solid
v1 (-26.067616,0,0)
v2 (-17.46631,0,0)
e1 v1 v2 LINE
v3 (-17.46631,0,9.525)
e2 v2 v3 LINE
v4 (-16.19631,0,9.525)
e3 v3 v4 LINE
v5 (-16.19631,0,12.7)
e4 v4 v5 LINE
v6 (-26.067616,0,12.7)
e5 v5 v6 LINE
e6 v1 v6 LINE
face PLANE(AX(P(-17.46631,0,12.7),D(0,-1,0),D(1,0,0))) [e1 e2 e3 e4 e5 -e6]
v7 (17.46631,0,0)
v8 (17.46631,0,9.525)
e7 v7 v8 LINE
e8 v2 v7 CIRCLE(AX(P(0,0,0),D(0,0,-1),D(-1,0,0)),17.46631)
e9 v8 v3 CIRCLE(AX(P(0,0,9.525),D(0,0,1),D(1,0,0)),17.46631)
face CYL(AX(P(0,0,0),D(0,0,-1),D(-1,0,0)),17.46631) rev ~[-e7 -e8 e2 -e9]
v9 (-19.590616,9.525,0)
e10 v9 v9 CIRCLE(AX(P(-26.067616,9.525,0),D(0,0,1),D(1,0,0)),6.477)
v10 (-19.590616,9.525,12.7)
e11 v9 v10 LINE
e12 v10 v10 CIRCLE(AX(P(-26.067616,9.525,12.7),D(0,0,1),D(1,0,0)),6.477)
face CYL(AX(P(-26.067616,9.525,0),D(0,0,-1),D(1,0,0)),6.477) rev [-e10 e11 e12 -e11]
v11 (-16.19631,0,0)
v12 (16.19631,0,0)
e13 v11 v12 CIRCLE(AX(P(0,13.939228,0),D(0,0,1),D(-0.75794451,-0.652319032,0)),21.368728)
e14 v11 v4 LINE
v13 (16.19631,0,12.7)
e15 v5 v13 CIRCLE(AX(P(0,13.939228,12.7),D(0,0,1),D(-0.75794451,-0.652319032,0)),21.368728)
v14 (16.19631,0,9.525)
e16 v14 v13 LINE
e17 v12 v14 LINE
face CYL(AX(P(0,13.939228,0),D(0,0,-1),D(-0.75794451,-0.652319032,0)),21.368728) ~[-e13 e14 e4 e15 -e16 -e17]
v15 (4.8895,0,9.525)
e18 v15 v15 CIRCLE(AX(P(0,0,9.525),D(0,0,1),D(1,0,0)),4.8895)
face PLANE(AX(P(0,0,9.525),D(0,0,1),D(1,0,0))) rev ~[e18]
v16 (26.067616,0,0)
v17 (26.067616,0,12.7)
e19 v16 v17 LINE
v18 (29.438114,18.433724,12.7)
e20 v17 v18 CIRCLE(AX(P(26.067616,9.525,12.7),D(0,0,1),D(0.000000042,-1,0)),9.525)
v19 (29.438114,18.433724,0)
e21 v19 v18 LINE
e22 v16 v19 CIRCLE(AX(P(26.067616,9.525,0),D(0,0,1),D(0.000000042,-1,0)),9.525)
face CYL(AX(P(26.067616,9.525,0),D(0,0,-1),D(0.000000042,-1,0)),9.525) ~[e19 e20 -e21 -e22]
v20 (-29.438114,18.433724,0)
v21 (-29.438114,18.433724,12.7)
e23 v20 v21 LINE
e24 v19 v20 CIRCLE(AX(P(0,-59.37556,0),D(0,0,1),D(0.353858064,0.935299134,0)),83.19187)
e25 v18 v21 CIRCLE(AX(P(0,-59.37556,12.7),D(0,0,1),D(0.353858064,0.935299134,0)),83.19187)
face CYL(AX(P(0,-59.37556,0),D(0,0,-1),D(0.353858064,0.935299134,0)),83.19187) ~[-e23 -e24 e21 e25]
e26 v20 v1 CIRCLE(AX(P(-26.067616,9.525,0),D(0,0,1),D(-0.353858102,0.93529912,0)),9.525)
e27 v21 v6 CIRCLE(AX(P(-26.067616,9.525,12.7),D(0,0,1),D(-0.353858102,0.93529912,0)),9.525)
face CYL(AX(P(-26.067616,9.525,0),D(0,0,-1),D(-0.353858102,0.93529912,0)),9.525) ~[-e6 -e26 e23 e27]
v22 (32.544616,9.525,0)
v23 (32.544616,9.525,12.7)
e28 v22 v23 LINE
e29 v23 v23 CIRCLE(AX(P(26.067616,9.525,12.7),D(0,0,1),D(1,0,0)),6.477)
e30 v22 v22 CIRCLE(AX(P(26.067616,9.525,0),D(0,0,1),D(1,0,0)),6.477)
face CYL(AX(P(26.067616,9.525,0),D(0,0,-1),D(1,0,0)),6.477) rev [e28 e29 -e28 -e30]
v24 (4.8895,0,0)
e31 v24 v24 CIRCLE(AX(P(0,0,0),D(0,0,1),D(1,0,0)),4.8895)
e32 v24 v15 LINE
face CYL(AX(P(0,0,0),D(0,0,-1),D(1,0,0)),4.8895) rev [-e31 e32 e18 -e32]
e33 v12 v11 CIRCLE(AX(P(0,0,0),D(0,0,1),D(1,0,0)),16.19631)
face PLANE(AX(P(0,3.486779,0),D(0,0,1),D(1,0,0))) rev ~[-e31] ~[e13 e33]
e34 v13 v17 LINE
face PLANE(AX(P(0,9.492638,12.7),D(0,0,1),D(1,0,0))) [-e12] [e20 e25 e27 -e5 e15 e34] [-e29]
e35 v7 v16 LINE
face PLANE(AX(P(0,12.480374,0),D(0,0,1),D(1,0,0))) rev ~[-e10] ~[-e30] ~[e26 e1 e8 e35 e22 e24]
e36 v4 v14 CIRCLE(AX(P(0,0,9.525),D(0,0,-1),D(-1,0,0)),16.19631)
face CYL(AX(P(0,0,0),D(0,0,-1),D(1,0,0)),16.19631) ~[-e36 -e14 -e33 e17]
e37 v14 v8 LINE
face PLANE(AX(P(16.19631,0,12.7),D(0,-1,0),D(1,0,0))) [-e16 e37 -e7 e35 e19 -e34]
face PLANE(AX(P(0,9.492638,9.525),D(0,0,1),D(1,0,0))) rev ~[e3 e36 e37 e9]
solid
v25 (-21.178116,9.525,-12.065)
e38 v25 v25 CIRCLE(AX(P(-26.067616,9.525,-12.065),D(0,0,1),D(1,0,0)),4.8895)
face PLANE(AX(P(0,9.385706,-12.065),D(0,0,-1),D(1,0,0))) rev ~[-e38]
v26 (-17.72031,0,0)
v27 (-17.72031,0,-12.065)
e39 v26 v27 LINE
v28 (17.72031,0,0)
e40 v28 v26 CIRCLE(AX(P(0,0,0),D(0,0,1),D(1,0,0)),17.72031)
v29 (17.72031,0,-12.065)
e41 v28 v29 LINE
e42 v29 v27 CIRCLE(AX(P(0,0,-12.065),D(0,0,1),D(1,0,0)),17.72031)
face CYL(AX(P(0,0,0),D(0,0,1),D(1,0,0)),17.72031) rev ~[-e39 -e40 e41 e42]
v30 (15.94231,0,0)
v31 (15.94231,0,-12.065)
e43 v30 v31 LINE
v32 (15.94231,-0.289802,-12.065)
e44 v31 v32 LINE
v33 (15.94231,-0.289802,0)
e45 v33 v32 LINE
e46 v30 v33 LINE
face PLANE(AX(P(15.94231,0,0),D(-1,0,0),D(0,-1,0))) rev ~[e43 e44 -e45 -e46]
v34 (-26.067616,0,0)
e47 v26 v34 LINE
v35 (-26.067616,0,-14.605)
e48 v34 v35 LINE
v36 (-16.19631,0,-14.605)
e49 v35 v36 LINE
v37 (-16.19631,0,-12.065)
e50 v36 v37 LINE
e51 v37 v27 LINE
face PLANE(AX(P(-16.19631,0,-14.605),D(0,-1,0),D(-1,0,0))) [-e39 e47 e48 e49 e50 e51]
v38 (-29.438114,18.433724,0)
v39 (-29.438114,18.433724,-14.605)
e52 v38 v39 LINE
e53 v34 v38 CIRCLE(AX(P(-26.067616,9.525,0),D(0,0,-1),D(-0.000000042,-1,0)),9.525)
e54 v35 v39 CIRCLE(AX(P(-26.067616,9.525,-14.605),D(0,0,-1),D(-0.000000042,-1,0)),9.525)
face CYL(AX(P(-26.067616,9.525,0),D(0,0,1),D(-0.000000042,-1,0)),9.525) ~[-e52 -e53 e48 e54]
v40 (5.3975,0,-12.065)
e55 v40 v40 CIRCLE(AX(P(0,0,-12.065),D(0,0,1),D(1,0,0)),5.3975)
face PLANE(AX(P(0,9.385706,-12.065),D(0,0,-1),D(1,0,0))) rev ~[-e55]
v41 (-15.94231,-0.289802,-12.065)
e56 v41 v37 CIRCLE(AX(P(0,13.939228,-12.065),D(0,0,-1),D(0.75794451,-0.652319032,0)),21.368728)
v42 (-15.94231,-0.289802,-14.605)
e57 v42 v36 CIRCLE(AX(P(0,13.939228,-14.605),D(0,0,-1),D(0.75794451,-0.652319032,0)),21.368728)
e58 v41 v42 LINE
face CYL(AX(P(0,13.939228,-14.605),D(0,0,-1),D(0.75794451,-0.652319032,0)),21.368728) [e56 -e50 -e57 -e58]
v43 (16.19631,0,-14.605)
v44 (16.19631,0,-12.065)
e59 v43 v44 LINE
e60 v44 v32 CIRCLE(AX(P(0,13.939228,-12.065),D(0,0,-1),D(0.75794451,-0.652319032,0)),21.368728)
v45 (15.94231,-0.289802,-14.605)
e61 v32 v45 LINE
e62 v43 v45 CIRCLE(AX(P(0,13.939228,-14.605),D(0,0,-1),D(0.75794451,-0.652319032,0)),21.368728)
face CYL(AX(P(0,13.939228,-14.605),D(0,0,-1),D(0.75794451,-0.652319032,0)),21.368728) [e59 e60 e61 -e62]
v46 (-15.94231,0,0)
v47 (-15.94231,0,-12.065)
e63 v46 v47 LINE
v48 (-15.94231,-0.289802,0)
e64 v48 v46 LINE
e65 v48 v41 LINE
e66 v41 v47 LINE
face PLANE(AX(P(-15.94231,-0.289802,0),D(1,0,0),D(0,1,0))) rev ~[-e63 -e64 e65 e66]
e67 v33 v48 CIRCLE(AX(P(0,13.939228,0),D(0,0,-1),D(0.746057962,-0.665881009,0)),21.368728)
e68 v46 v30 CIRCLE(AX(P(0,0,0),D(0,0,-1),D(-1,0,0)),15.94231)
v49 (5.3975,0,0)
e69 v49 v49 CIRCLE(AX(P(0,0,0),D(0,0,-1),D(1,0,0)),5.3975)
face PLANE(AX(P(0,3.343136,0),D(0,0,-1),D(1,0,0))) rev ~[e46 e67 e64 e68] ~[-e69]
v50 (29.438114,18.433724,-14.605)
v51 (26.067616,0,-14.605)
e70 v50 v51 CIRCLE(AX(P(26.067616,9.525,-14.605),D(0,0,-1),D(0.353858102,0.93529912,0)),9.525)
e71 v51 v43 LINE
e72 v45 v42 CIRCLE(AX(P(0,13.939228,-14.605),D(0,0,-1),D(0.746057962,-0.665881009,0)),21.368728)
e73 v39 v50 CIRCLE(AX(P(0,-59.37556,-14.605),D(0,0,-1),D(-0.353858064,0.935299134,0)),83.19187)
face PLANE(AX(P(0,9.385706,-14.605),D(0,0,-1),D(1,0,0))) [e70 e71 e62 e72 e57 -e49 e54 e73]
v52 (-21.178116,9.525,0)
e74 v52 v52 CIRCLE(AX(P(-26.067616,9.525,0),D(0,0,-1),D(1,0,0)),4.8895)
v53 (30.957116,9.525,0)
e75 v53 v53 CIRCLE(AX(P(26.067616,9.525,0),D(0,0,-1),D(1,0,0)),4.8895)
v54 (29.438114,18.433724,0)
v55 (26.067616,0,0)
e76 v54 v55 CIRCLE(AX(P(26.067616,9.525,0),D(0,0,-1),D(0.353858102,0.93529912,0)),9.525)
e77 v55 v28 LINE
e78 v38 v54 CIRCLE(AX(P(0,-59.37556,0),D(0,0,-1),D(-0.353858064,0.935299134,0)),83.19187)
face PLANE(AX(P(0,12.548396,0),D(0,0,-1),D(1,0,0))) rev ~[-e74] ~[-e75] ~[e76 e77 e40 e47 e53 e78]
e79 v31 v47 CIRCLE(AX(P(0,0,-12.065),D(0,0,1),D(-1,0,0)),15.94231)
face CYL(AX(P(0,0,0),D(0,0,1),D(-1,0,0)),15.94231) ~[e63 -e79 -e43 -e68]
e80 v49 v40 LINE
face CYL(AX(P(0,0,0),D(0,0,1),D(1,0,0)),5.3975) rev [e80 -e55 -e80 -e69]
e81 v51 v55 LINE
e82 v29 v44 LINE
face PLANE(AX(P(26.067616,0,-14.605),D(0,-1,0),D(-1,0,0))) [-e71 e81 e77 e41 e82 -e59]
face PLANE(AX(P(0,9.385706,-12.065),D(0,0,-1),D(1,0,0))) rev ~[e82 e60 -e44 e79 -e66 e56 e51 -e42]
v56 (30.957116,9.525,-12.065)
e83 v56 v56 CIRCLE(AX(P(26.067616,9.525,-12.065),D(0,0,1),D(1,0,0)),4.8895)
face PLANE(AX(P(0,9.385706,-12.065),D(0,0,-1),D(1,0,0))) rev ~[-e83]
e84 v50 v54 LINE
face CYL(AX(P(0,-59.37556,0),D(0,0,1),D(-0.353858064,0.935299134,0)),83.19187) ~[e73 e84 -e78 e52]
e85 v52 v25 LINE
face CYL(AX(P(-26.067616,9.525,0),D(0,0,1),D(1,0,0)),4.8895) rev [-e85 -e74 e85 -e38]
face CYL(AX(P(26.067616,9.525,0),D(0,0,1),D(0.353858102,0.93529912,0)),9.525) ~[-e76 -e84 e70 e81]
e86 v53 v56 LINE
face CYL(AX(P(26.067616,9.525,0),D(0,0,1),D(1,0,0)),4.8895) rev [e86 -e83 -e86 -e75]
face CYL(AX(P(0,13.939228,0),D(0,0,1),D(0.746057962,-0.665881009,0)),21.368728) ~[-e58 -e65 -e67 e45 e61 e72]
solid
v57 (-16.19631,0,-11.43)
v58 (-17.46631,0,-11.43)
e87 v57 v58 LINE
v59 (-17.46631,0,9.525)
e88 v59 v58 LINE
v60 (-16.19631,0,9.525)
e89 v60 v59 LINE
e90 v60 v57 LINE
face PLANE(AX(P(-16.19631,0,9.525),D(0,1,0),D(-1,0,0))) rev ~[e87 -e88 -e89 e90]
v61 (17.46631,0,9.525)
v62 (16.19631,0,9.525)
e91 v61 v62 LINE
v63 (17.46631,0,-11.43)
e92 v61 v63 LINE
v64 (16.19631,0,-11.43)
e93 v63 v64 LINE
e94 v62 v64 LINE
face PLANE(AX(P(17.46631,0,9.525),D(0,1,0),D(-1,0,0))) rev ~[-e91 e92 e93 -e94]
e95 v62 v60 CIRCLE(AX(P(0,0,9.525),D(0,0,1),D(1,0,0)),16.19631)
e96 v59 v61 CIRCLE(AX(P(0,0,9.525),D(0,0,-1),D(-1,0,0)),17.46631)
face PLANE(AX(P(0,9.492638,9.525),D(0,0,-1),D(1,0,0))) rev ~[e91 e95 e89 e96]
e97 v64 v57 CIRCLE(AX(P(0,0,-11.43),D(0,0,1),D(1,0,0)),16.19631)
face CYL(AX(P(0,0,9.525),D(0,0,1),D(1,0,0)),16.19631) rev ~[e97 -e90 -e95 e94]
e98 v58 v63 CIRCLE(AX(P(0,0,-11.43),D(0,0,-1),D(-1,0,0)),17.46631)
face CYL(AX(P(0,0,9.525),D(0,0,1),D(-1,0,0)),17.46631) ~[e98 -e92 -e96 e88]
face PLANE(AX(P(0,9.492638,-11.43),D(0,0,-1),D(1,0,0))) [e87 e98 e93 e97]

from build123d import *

# Parameters (mm, degrees)
F0_R     = 6.477
F0_R_2   = 4.8895
F1_DEPTH = 12.7
F2_R     = 4.8895
F3_DEPTH = 3.175
F5_DEPTH = 20.955
F6_R     = 4.8895
F6_R_2   = 5.3975
F7_DEPTH = 14.605
F9_DEPTH = 2.54


with BuildPart() as f1:
    # F0 (on Top) → F1 (new body)
    with BuildSketch(Plane.XY):
        with BuildLine():
            ThreePointArc((-17.46631, 0), (0, 17.46631), (17.46631, 0))
            Line((17.46631, 0), (26.067616, 0))
            ThreePointArc((26.067616, 0), (35.43728, 7.811812), (29.438114, 18.433724))
            ThreePointArc((29.438114, 18.433724), (0, 23.81631), (-29.438114, 18.433724))
            ThreePointArc((-29.438114, 18.433724), (-35.43728, 7.811812), (-26.067616, 0))
            Line((-26.067616, 0), (-17.46631, 0))
        make_face()
        with Locations((-26.067616, 9.525)):
            Circle(F0_R, mode=Mode.SUBTRACT)
        with Locations((26.067616, 9.525)):
            Circle(F0_R, mode=Mode.SUBTRACT)
        with BuildLine():
            ThreePointArc((-16.19631, 0), (0, -7.4295), (16.19631, 0))
            ThreePointArc((16.19631, 0), (0, 16.19631), (-16.19631, 0))
        make_face()
        Circle(F0_R_2, mode=Mode.SUBTRACT)
    extrude(amount=F1_DEPTH)

    # F2 (on face) → F3 (join)
    with BuildSketch(Plane.XY.offset(12.7)):
        with BuildLine():
            ThreePointArc((17.46631, 0), (0, 17.46631), (-17.46631, 0))
            Line((-17.46631, 0), (-16.19631, 0))
            ThreePointArc((-16.19631, 0), (0, 16.19631), (16.19631, 0))
            Line((16.19631, 0), (17.46631, 0))
        make_face()
        Circle(F2_R)
    extrude(amount=-F3_DEPTH)


with BuildPart() as f5:
    # F4 (on face) → F5 (new body)
    with BuildSketch(Plane(origin=(0, 0, 9.525), x_dir=(1, 0, 0), z_dir=(0, 0, -1))):
        with BuildLine():
            ThreePointArc((-17.46631, 0), (0, -17.46631), (17.46631, 0))
            Line((17.46631, 0), (16.19631, 0))
            ThreePointArc((16.19631, 0), (0, -16.19631), (-16.19631, 0))
            Line((-16.19631, 0), (-17.46631, 0))
        make_face()
    extrude(amount=F5_DEPTH)


with BuildPart() as f7:
    # F6 (on face) → F7 (new body)
    with BuildSketch(Plane(origin=(0, 0, 0), x_dir=(1, 0, 0), z_dir=(0, 0, -1))):
        with BuildLine():
            ThreePointArc((29.438114, -18.433724), (35.43728, -7.811812), (26.067616, 0))
            Line((26.067616, 0), (17.72031, 0))
            ThreePointArc((17.72031, 0), (0, -17.72031), (-17.72031, 0))
            Line((-17.72031, 0), (-26.067616, 0))
            ThreePointArc((-26.067616, 0), (-35.43728, -7.811812), (-29.438114, -18.433724))
            ThreePointArc((-29.438114, -18.433724), (0, -23.81631), (29.438114, -18.433724))
        make_face()
        with Locations((-26.067616, -9.525)):
            Circle(F6_R, mode=Mode.SUBTRACT)
        with Locations((26.067616, -9.525)):
            Circle(F6_R, mode=Mode.SUBTRACT)
        with BuildLine():
            Line((15.94231, 0), (15.94231, 0.289802))
            ThreePointArc((15.94231, 0.289802), (0, 7.4295), (-15.94231, 0.289802))
            Line((-15.94231, 0.289802), (-15.94231, 0))
            ThreePointArc((-15.94231, 0), (0, -15.94231), (15.94231, 0))
        make_face()
        Circle(F6_R_2, mode=Mode.SUBTRACT)
    extrude(amount=F7_DEPTH)

    # F8 (on face) → F9 (join)
    with BuildSketch(Plane(origin=(0, 0, -14.605), x_dir=(1, 0, 0), z_dir=(0, 0, -1))):
        with BuildLine():
            Line((-16.19631, 0), (-17.46631, 0))
            Line((-17.46631, 0), (-26.067616, 0))
            ThreePointArc((-26.067616, 0), (-35.43728, -7.811812), (-29.438114, -18.433724))
            ThreePointArc((-29.438114, -18.433724), (0, -23.81631), (29.438114, -18.433724))
            ThreePointArc((29.438114, -18.433724), (35.43728, -7.811812), (26.067616, 0))
            Line((26.067616, 0), (16.19631, 0))
            ThreePointArc((16.19631, 0), (0, 7.4295), (-16.19631, 0))
        make_face()
    extrude(amount=-F9_DEPTH)


solid = Compound([f1.part, f5.part, f7.part])
